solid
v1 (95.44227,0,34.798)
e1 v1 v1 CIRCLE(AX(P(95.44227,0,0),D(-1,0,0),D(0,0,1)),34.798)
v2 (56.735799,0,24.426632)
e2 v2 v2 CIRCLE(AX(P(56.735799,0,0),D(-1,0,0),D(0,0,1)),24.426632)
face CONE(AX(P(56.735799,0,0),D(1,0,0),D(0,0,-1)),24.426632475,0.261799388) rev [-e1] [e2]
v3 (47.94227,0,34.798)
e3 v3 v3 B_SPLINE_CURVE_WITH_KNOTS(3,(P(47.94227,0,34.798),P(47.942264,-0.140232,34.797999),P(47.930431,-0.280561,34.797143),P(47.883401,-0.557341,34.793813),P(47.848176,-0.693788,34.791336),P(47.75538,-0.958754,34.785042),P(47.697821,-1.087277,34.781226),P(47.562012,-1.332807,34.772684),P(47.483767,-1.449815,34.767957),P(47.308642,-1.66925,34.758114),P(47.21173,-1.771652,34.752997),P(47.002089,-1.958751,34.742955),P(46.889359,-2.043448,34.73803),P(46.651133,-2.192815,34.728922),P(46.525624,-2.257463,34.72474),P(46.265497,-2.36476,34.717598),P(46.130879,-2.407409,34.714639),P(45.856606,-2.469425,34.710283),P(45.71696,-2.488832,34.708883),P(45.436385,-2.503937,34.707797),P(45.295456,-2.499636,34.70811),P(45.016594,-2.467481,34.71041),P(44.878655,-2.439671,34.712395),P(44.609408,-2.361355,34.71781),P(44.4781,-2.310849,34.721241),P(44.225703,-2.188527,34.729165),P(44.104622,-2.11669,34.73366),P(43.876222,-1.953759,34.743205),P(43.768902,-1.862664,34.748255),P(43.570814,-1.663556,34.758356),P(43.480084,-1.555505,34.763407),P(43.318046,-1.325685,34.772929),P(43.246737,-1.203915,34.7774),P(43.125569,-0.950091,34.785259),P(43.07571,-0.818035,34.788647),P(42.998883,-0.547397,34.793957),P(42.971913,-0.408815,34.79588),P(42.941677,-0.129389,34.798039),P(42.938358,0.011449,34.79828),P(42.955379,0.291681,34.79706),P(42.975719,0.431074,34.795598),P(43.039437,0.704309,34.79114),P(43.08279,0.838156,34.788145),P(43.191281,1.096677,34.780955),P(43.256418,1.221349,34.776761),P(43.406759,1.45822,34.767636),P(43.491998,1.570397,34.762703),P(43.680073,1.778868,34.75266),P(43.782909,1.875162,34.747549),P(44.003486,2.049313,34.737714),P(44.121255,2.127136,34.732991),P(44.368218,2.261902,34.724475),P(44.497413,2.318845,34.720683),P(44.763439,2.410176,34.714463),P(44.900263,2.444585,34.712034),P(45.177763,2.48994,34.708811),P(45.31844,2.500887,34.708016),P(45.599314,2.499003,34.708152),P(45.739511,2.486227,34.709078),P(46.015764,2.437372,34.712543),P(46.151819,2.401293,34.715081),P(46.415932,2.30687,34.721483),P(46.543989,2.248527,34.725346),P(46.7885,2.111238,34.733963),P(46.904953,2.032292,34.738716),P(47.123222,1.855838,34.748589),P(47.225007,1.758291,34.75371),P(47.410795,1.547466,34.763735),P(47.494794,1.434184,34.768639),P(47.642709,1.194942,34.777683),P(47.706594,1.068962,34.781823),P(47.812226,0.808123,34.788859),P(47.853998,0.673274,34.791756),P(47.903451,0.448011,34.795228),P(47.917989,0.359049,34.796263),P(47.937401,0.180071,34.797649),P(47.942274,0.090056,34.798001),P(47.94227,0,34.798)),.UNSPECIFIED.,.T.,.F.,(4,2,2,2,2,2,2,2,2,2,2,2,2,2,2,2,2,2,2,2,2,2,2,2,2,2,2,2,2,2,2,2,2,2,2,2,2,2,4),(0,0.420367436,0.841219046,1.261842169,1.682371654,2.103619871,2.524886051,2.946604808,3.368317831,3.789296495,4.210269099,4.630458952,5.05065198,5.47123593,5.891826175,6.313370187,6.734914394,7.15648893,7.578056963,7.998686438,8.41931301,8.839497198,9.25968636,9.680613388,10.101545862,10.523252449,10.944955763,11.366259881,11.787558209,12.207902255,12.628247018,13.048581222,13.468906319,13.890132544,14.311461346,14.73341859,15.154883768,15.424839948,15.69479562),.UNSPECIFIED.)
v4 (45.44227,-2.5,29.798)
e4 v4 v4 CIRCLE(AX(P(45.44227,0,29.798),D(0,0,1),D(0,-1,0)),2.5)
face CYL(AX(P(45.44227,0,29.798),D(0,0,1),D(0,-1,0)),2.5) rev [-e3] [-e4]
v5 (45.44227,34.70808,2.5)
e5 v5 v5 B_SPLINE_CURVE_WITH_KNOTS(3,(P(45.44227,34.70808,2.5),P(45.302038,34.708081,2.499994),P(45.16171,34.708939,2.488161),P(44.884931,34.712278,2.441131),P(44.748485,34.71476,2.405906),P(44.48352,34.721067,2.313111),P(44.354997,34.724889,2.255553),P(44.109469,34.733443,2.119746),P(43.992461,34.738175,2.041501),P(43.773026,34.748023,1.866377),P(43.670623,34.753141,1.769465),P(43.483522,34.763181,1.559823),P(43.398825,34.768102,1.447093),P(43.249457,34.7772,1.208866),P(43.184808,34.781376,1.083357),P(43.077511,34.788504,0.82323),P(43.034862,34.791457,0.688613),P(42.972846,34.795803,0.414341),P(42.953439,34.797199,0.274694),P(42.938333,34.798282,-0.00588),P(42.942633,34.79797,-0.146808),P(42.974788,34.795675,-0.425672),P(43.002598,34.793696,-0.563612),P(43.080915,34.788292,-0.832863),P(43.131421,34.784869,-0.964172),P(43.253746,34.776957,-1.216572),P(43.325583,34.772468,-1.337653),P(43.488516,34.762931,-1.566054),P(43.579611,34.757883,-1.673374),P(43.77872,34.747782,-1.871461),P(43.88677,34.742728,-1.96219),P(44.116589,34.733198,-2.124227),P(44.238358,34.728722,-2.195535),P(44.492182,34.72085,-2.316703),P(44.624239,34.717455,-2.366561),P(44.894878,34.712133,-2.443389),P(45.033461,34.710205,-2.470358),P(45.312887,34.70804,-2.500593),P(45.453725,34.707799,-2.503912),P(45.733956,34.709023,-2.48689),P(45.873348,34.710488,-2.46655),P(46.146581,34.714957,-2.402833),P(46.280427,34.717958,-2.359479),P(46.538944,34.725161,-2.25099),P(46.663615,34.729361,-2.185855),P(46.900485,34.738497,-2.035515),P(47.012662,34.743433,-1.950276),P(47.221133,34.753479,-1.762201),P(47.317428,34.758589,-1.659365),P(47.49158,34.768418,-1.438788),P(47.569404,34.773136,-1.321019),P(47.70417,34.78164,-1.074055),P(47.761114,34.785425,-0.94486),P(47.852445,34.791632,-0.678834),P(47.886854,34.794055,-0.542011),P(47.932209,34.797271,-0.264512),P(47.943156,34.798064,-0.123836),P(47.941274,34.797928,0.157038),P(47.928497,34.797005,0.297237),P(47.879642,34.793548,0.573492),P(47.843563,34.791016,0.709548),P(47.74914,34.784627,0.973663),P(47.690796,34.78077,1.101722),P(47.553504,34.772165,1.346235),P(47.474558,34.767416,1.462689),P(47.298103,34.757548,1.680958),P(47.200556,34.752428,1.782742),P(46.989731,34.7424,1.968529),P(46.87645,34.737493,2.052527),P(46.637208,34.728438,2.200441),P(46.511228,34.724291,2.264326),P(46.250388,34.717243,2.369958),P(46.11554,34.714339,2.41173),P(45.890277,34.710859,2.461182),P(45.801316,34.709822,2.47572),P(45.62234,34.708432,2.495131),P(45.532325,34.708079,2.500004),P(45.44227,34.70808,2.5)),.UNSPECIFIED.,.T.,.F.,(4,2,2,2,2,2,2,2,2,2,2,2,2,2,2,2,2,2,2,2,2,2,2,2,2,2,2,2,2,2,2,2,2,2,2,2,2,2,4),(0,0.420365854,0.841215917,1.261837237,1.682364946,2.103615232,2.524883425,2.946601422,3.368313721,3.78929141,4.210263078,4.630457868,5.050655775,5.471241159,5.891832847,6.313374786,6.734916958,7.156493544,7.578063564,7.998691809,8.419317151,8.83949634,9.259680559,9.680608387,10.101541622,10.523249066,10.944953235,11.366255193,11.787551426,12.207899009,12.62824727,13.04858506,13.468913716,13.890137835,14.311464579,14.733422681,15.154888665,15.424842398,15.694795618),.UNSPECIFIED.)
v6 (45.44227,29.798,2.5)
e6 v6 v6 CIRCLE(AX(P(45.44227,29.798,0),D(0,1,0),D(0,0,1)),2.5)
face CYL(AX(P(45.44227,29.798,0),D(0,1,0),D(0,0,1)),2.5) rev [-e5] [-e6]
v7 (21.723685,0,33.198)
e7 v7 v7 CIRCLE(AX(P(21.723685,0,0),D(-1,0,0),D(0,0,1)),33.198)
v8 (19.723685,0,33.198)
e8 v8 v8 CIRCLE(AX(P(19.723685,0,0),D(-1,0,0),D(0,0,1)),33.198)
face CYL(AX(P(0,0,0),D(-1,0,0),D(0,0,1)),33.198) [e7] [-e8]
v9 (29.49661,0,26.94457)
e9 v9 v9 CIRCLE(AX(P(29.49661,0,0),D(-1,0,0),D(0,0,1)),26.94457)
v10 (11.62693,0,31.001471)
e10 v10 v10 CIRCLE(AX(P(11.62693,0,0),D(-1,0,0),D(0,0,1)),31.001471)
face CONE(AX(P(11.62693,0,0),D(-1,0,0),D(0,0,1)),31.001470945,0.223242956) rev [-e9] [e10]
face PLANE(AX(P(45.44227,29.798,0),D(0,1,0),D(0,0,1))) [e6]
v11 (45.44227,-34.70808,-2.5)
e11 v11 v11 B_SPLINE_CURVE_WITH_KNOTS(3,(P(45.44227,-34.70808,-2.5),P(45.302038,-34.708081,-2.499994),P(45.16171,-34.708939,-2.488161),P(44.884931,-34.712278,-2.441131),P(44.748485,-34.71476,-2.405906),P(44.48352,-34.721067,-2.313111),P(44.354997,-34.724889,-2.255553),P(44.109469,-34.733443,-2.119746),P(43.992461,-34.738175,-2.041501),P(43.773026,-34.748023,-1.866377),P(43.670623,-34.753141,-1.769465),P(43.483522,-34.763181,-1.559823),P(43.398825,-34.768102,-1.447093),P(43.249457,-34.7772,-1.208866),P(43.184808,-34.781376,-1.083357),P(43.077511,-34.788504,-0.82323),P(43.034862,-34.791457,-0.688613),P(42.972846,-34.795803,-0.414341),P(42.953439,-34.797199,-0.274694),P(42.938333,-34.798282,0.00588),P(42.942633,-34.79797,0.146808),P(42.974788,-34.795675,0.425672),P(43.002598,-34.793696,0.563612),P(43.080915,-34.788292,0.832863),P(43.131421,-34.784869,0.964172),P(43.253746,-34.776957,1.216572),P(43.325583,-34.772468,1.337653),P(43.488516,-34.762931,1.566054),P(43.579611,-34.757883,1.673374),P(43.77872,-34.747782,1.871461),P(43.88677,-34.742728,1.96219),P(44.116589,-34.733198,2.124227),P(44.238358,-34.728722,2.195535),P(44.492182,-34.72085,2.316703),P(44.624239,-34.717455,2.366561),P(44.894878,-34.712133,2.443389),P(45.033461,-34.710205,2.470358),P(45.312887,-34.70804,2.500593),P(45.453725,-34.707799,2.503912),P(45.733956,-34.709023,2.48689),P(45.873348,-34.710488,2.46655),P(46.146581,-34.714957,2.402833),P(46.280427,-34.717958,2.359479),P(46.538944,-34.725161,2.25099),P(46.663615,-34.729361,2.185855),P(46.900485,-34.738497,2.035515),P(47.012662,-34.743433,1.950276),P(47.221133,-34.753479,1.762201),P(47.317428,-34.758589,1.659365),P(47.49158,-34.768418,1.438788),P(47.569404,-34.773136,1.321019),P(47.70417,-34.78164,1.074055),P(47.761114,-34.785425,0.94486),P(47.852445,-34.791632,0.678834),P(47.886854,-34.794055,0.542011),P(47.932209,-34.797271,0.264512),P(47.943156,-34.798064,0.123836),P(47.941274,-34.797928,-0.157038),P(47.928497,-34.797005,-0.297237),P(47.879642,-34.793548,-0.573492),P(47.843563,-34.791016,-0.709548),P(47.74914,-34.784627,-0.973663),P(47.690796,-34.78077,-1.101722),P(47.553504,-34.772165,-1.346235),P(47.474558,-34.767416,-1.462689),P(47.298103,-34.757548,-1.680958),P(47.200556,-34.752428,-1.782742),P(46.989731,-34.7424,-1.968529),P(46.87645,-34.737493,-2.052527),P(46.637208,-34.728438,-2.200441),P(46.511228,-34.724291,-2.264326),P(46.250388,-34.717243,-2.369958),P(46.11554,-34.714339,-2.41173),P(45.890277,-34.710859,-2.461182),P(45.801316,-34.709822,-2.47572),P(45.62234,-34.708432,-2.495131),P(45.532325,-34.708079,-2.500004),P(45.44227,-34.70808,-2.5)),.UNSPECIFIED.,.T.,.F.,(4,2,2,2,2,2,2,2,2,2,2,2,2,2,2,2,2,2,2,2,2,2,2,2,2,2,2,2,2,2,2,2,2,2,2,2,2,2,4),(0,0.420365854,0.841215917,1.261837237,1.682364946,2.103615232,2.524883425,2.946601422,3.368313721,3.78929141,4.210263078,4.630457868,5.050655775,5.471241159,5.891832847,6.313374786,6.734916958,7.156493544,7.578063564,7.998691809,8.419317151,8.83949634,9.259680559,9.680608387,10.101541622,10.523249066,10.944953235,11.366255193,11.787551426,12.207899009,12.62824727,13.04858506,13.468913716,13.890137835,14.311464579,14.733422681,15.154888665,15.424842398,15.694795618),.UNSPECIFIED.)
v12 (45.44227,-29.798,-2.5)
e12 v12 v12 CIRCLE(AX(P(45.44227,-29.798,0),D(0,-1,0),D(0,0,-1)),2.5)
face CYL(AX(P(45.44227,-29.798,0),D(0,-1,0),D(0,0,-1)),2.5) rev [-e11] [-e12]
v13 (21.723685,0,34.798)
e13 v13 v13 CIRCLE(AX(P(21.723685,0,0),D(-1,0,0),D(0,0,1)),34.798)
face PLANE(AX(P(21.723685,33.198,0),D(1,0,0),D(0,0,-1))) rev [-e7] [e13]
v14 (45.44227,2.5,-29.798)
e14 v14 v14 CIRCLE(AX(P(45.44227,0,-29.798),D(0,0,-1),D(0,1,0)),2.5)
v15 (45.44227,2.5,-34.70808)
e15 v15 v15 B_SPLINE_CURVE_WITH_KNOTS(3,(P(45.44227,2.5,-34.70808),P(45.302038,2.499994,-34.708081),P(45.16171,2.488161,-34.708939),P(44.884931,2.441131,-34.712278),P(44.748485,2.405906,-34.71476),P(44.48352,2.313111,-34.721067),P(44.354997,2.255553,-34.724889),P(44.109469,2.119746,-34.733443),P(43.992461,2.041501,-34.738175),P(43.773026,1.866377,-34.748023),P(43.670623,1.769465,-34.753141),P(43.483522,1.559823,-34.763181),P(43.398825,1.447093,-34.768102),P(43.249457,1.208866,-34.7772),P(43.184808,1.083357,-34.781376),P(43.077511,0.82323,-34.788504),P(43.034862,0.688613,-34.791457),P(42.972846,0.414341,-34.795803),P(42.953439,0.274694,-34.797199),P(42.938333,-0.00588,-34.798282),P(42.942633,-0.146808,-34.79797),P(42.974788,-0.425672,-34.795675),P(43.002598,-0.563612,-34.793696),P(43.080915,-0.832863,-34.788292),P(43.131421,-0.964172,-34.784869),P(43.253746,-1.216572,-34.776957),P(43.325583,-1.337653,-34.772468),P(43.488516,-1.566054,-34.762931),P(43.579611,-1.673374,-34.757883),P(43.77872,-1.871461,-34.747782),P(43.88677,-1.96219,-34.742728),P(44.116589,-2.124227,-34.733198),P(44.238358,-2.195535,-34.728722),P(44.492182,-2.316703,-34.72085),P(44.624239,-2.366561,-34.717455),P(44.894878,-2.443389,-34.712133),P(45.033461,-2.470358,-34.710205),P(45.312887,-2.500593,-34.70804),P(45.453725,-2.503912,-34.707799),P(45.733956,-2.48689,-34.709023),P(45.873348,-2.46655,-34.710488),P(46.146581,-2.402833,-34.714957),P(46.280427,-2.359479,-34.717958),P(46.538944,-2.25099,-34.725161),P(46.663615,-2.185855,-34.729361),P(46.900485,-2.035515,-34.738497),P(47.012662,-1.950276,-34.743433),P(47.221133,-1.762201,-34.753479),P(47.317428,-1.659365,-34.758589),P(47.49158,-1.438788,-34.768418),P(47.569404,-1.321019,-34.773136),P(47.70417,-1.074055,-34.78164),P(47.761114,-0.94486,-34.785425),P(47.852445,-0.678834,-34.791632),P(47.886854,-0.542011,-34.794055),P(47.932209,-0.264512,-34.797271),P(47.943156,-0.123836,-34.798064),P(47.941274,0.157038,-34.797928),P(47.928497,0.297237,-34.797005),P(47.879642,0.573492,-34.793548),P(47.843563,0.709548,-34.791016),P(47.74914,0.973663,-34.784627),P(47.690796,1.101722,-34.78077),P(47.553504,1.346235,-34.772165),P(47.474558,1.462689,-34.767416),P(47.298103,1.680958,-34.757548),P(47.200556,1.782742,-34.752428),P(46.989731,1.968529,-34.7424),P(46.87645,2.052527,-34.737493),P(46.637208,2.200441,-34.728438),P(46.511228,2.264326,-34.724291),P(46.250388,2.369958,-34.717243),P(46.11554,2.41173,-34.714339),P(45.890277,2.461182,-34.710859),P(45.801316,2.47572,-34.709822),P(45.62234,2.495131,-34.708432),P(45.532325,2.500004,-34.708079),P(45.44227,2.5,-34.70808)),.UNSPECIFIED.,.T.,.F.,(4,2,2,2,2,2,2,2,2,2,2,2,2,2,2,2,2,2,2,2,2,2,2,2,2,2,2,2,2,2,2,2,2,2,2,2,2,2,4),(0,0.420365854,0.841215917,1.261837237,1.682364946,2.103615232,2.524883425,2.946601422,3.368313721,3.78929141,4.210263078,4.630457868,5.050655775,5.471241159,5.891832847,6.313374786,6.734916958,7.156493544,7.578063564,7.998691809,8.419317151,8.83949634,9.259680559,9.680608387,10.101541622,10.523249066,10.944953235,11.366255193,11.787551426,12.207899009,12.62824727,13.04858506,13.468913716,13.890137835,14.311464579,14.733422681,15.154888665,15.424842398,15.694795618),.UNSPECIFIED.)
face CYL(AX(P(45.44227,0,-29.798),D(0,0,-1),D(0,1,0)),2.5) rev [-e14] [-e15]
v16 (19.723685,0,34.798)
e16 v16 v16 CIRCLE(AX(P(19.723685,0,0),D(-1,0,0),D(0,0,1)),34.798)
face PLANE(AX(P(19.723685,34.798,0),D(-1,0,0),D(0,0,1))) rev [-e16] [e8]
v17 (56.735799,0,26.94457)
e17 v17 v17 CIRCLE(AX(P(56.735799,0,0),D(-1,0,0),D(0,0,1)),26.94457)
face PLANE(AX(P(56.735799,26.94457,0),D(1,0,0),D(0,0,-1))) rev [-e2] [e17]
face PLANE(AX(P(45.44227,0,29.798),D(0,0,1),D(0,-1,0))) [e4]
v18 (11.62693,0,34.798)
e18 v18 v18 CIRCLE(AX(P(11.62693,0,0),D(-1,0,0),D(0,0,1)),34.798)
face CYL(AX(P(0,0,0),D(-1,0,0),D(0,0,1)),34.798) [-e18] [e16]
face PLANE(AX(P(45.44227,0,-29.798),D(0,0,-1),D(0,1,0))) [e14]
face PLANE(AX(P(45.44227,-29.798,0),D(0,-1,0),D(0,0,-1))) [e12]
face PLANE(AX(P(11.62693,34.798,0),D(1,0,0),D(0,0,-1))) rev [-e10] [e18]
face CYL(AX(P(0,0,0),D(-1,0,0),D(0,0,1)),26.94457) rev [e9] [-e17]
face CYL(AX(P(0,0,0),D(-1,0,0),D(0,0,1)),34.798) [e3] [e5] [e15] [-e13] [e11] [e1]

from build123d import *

# Parameters (mm, degrees)
SKETCH2_R          = 2.5
CUT_EXTRUDE1_DEPTH = 5
CIRPATTERN1_COUNT  = 4


with BuildPart() as part:
    # Sketch1 → Revolve1 (revolve)
    with BuildSketch(Plane.XY, mode=Mode.PRIVATE) as revolve1_sk:
        Polygon((11.626929507, 34.798), (19.723685425, 34.798), (19.723685425, 33.198), (21.723685425, 33.198), (21.723685425, 34.798), (95.442270017, 34.798), (56.73579947, 24.426632475), (56.73579947, 26.944570435), (29.496610327, 26.944570435), (11.626929507, 31.001470945), align=None)
    revolve(revolve1_sk.sketch.rotate(Axis((0, 0, 0), (1, 0, 0)), 90), axis=Axis((0, 0, 0), (1, 0, 0)))

    # Sketch2 → Cut-Extrude1 (cut)
    with BuildSketch(Plane(origin=(0, 34.798, 0), x_dir=(1, 0, 0), z_dir=(0, 1, 0))):
        with Locations(Location((45.442270017, 0, 0), (0, 0, 270))):
            Circle(SKETCH2_R)
    cut_extrude1 = extrude(amount=-CUT_EXTRUDE1_DEPTH, mode=Mode.SUBTRACT)

    # CirPattern1: Cut-Extrude1 ×4 about axis
    cirpattern1_axis = Axis((0, 0, 0), (1, 0, 0))
    for i in range(1, CIRPATTERN1_COUNT):
        add(cut_extrude1.rotate(cirpattern1_axis, i * 360 / CIRPATTERN1_COUNT), mode=Mode.SUBTRACT)


solid = part.part
